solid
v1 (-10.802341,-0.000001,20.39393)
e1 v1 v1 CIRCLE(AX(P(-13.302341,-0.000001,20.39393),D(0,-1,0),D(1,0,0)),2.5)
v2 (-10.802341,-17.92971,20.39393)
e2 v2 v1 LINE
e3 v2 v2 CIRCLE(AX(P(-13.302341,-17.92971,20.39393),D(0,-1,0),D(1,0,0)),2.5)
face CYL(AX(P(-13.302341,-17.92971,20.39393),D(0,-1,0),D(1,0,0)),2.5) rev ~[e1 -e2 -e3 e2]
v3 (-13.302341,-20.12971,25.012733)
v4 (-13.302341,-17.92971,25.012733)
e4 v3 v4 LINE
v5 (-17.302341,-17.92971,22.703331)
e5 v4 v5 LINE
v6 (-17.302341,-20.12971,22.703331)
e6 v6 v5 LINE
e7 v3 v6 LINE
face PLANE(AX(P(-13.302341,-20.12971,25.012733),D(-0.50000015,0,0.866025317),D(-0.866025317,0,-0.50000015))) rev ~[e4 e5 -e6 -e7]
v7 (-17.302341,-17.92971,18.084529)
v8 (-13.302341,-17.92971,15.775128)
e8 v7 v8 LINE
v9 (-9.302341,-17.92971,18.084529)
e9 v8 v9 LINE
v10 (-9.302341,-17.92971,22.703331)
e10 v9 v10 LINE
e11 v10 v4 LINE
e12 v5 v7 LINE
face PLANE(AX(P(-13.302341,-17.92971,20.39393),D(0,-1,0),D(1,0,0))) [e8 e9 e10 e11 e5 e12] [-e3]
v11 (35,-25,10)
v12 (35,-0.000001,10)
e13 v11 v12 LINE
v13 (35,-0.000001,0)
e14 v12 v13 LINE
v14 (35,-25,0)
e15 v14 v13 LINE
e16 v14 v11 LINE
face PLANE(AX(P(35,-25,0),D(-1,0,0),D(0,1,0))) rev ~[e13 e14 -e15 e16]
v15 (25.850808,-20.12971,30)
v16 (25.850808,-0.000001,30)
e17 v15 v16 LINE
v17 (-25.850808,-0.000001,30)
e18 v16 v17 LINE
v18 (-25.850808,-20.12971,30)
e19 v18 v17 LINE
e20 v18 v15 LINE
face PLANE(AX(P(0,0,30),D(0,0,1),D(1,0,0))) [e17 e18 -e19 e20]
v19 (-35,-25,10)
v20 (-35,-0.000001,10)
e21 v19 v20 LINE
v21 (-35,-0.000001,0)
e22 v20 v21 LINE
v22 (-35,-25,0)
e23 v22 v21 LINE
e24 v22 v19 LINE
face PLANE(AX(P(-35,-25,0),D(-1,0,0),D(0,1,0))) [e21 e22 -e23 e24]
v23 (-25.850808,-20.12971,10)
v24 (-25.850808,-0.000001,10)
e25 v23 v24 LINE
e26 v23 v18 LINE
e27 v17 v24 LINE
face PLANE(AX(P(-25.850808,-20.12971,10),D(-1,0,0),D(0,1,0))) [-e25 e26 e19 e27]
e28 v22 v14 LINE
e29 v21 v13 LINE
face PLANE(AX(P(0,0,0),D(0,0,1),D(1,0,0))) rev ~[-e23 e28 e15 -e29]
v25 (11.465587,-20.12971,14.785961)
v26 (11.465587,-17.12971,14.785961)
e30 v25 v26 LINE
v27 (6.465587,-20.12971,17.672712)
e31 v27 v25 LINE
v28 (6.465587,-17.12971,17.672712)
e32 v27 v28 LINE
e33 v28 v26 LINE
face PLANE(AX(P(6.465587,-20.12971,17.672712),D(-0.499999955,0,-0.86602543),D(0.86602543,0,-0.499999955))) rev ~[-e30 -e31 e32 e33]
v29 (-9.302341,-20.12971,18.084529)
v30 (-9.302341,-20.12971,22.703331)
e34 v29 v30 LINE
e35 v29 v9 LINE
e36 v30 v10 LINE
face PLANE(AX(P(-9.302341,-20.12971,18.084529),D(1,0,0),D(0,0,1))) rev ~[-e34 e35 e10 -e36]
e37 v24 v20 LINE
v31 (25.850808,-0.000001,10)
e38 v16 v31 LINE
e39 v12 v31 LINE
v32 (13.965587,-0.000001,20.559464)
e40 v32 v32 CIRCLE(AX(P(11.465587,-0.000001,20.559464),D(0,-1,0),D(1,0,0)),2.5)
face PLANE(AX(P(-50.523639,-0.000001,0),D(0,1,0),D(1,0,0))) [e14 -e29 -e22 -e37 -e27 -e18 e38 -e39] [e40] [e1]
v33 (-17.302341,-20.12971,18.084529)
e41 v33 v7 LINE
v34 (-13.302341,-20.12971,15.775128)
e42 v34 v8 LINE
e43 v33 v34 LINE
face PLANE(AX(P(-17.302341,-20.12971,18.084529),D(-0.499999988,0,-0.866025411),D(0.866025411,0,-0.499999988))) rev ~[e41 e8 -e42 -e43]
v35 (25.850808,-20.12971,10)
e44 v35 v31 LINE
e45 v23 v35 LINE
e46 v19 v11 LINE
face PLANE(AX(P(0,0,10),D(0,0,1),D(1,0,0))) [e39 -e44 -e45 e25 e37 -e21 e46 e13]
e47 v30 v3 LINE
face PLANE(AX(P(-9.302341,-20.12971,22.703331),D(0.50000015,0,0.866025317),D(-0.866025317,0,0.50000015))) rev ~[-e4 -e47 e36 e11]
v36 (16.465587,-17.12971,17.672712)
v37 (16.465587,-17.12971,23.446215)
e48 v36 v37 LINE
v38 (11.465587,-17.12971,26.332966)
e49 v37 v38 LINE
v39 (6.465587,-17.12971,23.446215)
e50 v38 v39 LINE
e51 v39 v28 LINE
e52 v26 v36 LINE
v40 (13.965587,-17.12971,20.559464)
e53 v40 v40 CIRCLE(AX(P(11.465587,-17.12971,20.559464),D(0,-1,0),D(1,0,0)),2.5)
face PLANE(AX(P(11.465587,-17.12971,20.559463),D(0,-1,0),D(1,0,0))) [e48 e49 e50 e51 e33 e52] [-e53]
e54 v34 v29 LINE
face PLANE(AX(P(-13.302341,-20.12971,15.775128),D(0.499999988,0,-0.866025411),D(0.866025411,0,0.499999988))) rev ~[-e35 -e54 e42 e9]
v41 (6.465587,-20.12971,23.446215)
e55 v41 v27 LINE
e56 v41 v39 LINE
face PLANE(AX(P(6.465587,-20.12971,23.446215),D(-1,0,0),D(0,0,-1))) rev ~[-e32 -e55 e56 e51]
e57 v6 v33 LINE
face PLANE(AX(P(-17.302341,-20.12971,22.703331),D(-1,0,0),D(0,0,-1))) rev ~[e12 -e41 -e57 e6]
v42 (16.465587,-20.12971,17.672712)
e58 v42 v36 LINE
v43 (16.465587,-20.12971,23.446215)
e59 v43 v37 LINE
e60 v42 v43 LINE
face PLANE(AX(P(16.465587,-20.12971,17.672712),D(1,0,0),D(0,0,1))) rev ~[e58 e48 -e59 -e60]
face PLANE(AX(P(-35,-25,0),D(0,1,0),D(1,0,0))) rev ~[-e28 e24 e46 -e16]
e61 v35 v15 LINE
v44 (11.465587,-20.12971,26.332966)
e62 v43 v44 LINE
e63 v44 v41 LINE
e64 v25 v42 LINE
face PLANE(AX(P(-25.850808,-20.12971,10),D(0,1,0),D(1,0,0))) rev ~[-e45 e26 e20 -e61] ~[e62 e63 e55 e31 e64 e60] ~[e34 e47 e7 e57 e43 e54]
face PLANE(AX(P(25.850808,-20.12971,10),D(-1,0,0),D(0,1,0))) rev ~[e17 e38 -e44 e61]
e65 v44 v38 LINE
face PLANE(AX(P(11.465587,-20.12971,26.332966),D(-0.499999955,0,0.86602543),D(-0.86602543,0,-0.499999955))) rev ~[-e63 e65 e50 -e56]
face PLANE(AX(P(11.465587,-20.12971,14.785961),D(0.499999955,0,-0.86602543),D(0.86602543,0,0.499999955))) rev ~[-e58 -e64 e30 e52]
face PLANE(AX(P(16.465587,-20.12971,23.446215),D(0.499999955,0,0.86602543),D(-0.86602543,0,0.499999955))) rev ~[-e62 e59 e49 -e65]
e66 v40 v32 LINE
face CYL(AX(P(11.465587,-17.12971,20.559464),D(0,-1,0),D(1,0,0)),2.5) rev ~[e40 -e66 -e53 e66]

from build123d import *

# Parameters (mm, degrees)
F0_W      = 70
F0_H      = 50
F1_DEPTH  = 10
F2_W      = 51.701616
F2_H      = 40.25942
F3_DEPTH  = 20
F5_DEPTH  = 2.2
F6_R      = 2.5
F7_DEPTH  = 42.93071
F9_DEPTH  = 3
F10_R     = 2.5
F11_DEPTH = 42.13071
F12_W     = 101.047278
F12_H     = 53.498119
F13_DEPTH = 30.001


with BuildPart() as f1:
    # F0 (on Top) → F1 (new body)
    with BuildSketch(Plane.XY):
        Rectangle(F0_W, F0_H)
    extrude(amount=F1_DEPTH)

    # F2 (on face) → F3 (join)
    with BuildSketch(Plane.XY.offset(10)):
        Rectangle(F2_W, F2_H)
    extrude(amount=F3_DEPTH)

    # F4 (on face) → F5 (cut)
    with BuildSketch(Plane.XZ.offset(20.12971)):
        Polygon((-9.302341, 18.084529), (-9.302341, 22.703331), (-13.302341, 25.012733), (-17.302341, 22.703331), (-17.302341, 18.084529), (-13.302341, 15.775128), align=None)
    extrude(amount=-F5_DEPTH, mode=Mode.SUBTRACT)

    # F6 (on face) → F7 (cut, through all)
    with BuildSketch(Plane.XZ.offset(17.92971)):
        with Locations((-13.302341, 20.39393)):
            Circle(F6_R)
    extrude(amount=-F7_DEPTH, mode=Mode.SUBTRACT)

    # F8 (on face) → F9 (cut)
    with BuildSketch(Plane.XZ.offset(20.12971)):
        Polygon((16.465587, 17.672712), (16.465587, 23.446215), (11.465587, 26.332966), (6.465587, 23.446215), (6.465587, 17.672712), (11.465587, 14.785961), align=None)
    extrude(amount=-F9_DEPTH, mode=Mode.SUBTRACT)

    # F10 (on face) → F11 (cut, through all)
    with BuildSketch(Plane.XZ.offset(17.12971)):
        with Locations((11.465587, 20.559464)):
            Circle(F10_R)
    extrude(amount=-F11_DEPTH, mode=Mode.SUBTRACT)

    # F12 (on Top) → F13 (cut, through all)
    with BuildSketch(Plane.XY):
        with Locations((0, 26.749059)):
            Rectangle(F12_W, F12_H)
    extrude(amount=F13_DEPTH, mode=Mode.SUBTRACT)


solid = f1.part
